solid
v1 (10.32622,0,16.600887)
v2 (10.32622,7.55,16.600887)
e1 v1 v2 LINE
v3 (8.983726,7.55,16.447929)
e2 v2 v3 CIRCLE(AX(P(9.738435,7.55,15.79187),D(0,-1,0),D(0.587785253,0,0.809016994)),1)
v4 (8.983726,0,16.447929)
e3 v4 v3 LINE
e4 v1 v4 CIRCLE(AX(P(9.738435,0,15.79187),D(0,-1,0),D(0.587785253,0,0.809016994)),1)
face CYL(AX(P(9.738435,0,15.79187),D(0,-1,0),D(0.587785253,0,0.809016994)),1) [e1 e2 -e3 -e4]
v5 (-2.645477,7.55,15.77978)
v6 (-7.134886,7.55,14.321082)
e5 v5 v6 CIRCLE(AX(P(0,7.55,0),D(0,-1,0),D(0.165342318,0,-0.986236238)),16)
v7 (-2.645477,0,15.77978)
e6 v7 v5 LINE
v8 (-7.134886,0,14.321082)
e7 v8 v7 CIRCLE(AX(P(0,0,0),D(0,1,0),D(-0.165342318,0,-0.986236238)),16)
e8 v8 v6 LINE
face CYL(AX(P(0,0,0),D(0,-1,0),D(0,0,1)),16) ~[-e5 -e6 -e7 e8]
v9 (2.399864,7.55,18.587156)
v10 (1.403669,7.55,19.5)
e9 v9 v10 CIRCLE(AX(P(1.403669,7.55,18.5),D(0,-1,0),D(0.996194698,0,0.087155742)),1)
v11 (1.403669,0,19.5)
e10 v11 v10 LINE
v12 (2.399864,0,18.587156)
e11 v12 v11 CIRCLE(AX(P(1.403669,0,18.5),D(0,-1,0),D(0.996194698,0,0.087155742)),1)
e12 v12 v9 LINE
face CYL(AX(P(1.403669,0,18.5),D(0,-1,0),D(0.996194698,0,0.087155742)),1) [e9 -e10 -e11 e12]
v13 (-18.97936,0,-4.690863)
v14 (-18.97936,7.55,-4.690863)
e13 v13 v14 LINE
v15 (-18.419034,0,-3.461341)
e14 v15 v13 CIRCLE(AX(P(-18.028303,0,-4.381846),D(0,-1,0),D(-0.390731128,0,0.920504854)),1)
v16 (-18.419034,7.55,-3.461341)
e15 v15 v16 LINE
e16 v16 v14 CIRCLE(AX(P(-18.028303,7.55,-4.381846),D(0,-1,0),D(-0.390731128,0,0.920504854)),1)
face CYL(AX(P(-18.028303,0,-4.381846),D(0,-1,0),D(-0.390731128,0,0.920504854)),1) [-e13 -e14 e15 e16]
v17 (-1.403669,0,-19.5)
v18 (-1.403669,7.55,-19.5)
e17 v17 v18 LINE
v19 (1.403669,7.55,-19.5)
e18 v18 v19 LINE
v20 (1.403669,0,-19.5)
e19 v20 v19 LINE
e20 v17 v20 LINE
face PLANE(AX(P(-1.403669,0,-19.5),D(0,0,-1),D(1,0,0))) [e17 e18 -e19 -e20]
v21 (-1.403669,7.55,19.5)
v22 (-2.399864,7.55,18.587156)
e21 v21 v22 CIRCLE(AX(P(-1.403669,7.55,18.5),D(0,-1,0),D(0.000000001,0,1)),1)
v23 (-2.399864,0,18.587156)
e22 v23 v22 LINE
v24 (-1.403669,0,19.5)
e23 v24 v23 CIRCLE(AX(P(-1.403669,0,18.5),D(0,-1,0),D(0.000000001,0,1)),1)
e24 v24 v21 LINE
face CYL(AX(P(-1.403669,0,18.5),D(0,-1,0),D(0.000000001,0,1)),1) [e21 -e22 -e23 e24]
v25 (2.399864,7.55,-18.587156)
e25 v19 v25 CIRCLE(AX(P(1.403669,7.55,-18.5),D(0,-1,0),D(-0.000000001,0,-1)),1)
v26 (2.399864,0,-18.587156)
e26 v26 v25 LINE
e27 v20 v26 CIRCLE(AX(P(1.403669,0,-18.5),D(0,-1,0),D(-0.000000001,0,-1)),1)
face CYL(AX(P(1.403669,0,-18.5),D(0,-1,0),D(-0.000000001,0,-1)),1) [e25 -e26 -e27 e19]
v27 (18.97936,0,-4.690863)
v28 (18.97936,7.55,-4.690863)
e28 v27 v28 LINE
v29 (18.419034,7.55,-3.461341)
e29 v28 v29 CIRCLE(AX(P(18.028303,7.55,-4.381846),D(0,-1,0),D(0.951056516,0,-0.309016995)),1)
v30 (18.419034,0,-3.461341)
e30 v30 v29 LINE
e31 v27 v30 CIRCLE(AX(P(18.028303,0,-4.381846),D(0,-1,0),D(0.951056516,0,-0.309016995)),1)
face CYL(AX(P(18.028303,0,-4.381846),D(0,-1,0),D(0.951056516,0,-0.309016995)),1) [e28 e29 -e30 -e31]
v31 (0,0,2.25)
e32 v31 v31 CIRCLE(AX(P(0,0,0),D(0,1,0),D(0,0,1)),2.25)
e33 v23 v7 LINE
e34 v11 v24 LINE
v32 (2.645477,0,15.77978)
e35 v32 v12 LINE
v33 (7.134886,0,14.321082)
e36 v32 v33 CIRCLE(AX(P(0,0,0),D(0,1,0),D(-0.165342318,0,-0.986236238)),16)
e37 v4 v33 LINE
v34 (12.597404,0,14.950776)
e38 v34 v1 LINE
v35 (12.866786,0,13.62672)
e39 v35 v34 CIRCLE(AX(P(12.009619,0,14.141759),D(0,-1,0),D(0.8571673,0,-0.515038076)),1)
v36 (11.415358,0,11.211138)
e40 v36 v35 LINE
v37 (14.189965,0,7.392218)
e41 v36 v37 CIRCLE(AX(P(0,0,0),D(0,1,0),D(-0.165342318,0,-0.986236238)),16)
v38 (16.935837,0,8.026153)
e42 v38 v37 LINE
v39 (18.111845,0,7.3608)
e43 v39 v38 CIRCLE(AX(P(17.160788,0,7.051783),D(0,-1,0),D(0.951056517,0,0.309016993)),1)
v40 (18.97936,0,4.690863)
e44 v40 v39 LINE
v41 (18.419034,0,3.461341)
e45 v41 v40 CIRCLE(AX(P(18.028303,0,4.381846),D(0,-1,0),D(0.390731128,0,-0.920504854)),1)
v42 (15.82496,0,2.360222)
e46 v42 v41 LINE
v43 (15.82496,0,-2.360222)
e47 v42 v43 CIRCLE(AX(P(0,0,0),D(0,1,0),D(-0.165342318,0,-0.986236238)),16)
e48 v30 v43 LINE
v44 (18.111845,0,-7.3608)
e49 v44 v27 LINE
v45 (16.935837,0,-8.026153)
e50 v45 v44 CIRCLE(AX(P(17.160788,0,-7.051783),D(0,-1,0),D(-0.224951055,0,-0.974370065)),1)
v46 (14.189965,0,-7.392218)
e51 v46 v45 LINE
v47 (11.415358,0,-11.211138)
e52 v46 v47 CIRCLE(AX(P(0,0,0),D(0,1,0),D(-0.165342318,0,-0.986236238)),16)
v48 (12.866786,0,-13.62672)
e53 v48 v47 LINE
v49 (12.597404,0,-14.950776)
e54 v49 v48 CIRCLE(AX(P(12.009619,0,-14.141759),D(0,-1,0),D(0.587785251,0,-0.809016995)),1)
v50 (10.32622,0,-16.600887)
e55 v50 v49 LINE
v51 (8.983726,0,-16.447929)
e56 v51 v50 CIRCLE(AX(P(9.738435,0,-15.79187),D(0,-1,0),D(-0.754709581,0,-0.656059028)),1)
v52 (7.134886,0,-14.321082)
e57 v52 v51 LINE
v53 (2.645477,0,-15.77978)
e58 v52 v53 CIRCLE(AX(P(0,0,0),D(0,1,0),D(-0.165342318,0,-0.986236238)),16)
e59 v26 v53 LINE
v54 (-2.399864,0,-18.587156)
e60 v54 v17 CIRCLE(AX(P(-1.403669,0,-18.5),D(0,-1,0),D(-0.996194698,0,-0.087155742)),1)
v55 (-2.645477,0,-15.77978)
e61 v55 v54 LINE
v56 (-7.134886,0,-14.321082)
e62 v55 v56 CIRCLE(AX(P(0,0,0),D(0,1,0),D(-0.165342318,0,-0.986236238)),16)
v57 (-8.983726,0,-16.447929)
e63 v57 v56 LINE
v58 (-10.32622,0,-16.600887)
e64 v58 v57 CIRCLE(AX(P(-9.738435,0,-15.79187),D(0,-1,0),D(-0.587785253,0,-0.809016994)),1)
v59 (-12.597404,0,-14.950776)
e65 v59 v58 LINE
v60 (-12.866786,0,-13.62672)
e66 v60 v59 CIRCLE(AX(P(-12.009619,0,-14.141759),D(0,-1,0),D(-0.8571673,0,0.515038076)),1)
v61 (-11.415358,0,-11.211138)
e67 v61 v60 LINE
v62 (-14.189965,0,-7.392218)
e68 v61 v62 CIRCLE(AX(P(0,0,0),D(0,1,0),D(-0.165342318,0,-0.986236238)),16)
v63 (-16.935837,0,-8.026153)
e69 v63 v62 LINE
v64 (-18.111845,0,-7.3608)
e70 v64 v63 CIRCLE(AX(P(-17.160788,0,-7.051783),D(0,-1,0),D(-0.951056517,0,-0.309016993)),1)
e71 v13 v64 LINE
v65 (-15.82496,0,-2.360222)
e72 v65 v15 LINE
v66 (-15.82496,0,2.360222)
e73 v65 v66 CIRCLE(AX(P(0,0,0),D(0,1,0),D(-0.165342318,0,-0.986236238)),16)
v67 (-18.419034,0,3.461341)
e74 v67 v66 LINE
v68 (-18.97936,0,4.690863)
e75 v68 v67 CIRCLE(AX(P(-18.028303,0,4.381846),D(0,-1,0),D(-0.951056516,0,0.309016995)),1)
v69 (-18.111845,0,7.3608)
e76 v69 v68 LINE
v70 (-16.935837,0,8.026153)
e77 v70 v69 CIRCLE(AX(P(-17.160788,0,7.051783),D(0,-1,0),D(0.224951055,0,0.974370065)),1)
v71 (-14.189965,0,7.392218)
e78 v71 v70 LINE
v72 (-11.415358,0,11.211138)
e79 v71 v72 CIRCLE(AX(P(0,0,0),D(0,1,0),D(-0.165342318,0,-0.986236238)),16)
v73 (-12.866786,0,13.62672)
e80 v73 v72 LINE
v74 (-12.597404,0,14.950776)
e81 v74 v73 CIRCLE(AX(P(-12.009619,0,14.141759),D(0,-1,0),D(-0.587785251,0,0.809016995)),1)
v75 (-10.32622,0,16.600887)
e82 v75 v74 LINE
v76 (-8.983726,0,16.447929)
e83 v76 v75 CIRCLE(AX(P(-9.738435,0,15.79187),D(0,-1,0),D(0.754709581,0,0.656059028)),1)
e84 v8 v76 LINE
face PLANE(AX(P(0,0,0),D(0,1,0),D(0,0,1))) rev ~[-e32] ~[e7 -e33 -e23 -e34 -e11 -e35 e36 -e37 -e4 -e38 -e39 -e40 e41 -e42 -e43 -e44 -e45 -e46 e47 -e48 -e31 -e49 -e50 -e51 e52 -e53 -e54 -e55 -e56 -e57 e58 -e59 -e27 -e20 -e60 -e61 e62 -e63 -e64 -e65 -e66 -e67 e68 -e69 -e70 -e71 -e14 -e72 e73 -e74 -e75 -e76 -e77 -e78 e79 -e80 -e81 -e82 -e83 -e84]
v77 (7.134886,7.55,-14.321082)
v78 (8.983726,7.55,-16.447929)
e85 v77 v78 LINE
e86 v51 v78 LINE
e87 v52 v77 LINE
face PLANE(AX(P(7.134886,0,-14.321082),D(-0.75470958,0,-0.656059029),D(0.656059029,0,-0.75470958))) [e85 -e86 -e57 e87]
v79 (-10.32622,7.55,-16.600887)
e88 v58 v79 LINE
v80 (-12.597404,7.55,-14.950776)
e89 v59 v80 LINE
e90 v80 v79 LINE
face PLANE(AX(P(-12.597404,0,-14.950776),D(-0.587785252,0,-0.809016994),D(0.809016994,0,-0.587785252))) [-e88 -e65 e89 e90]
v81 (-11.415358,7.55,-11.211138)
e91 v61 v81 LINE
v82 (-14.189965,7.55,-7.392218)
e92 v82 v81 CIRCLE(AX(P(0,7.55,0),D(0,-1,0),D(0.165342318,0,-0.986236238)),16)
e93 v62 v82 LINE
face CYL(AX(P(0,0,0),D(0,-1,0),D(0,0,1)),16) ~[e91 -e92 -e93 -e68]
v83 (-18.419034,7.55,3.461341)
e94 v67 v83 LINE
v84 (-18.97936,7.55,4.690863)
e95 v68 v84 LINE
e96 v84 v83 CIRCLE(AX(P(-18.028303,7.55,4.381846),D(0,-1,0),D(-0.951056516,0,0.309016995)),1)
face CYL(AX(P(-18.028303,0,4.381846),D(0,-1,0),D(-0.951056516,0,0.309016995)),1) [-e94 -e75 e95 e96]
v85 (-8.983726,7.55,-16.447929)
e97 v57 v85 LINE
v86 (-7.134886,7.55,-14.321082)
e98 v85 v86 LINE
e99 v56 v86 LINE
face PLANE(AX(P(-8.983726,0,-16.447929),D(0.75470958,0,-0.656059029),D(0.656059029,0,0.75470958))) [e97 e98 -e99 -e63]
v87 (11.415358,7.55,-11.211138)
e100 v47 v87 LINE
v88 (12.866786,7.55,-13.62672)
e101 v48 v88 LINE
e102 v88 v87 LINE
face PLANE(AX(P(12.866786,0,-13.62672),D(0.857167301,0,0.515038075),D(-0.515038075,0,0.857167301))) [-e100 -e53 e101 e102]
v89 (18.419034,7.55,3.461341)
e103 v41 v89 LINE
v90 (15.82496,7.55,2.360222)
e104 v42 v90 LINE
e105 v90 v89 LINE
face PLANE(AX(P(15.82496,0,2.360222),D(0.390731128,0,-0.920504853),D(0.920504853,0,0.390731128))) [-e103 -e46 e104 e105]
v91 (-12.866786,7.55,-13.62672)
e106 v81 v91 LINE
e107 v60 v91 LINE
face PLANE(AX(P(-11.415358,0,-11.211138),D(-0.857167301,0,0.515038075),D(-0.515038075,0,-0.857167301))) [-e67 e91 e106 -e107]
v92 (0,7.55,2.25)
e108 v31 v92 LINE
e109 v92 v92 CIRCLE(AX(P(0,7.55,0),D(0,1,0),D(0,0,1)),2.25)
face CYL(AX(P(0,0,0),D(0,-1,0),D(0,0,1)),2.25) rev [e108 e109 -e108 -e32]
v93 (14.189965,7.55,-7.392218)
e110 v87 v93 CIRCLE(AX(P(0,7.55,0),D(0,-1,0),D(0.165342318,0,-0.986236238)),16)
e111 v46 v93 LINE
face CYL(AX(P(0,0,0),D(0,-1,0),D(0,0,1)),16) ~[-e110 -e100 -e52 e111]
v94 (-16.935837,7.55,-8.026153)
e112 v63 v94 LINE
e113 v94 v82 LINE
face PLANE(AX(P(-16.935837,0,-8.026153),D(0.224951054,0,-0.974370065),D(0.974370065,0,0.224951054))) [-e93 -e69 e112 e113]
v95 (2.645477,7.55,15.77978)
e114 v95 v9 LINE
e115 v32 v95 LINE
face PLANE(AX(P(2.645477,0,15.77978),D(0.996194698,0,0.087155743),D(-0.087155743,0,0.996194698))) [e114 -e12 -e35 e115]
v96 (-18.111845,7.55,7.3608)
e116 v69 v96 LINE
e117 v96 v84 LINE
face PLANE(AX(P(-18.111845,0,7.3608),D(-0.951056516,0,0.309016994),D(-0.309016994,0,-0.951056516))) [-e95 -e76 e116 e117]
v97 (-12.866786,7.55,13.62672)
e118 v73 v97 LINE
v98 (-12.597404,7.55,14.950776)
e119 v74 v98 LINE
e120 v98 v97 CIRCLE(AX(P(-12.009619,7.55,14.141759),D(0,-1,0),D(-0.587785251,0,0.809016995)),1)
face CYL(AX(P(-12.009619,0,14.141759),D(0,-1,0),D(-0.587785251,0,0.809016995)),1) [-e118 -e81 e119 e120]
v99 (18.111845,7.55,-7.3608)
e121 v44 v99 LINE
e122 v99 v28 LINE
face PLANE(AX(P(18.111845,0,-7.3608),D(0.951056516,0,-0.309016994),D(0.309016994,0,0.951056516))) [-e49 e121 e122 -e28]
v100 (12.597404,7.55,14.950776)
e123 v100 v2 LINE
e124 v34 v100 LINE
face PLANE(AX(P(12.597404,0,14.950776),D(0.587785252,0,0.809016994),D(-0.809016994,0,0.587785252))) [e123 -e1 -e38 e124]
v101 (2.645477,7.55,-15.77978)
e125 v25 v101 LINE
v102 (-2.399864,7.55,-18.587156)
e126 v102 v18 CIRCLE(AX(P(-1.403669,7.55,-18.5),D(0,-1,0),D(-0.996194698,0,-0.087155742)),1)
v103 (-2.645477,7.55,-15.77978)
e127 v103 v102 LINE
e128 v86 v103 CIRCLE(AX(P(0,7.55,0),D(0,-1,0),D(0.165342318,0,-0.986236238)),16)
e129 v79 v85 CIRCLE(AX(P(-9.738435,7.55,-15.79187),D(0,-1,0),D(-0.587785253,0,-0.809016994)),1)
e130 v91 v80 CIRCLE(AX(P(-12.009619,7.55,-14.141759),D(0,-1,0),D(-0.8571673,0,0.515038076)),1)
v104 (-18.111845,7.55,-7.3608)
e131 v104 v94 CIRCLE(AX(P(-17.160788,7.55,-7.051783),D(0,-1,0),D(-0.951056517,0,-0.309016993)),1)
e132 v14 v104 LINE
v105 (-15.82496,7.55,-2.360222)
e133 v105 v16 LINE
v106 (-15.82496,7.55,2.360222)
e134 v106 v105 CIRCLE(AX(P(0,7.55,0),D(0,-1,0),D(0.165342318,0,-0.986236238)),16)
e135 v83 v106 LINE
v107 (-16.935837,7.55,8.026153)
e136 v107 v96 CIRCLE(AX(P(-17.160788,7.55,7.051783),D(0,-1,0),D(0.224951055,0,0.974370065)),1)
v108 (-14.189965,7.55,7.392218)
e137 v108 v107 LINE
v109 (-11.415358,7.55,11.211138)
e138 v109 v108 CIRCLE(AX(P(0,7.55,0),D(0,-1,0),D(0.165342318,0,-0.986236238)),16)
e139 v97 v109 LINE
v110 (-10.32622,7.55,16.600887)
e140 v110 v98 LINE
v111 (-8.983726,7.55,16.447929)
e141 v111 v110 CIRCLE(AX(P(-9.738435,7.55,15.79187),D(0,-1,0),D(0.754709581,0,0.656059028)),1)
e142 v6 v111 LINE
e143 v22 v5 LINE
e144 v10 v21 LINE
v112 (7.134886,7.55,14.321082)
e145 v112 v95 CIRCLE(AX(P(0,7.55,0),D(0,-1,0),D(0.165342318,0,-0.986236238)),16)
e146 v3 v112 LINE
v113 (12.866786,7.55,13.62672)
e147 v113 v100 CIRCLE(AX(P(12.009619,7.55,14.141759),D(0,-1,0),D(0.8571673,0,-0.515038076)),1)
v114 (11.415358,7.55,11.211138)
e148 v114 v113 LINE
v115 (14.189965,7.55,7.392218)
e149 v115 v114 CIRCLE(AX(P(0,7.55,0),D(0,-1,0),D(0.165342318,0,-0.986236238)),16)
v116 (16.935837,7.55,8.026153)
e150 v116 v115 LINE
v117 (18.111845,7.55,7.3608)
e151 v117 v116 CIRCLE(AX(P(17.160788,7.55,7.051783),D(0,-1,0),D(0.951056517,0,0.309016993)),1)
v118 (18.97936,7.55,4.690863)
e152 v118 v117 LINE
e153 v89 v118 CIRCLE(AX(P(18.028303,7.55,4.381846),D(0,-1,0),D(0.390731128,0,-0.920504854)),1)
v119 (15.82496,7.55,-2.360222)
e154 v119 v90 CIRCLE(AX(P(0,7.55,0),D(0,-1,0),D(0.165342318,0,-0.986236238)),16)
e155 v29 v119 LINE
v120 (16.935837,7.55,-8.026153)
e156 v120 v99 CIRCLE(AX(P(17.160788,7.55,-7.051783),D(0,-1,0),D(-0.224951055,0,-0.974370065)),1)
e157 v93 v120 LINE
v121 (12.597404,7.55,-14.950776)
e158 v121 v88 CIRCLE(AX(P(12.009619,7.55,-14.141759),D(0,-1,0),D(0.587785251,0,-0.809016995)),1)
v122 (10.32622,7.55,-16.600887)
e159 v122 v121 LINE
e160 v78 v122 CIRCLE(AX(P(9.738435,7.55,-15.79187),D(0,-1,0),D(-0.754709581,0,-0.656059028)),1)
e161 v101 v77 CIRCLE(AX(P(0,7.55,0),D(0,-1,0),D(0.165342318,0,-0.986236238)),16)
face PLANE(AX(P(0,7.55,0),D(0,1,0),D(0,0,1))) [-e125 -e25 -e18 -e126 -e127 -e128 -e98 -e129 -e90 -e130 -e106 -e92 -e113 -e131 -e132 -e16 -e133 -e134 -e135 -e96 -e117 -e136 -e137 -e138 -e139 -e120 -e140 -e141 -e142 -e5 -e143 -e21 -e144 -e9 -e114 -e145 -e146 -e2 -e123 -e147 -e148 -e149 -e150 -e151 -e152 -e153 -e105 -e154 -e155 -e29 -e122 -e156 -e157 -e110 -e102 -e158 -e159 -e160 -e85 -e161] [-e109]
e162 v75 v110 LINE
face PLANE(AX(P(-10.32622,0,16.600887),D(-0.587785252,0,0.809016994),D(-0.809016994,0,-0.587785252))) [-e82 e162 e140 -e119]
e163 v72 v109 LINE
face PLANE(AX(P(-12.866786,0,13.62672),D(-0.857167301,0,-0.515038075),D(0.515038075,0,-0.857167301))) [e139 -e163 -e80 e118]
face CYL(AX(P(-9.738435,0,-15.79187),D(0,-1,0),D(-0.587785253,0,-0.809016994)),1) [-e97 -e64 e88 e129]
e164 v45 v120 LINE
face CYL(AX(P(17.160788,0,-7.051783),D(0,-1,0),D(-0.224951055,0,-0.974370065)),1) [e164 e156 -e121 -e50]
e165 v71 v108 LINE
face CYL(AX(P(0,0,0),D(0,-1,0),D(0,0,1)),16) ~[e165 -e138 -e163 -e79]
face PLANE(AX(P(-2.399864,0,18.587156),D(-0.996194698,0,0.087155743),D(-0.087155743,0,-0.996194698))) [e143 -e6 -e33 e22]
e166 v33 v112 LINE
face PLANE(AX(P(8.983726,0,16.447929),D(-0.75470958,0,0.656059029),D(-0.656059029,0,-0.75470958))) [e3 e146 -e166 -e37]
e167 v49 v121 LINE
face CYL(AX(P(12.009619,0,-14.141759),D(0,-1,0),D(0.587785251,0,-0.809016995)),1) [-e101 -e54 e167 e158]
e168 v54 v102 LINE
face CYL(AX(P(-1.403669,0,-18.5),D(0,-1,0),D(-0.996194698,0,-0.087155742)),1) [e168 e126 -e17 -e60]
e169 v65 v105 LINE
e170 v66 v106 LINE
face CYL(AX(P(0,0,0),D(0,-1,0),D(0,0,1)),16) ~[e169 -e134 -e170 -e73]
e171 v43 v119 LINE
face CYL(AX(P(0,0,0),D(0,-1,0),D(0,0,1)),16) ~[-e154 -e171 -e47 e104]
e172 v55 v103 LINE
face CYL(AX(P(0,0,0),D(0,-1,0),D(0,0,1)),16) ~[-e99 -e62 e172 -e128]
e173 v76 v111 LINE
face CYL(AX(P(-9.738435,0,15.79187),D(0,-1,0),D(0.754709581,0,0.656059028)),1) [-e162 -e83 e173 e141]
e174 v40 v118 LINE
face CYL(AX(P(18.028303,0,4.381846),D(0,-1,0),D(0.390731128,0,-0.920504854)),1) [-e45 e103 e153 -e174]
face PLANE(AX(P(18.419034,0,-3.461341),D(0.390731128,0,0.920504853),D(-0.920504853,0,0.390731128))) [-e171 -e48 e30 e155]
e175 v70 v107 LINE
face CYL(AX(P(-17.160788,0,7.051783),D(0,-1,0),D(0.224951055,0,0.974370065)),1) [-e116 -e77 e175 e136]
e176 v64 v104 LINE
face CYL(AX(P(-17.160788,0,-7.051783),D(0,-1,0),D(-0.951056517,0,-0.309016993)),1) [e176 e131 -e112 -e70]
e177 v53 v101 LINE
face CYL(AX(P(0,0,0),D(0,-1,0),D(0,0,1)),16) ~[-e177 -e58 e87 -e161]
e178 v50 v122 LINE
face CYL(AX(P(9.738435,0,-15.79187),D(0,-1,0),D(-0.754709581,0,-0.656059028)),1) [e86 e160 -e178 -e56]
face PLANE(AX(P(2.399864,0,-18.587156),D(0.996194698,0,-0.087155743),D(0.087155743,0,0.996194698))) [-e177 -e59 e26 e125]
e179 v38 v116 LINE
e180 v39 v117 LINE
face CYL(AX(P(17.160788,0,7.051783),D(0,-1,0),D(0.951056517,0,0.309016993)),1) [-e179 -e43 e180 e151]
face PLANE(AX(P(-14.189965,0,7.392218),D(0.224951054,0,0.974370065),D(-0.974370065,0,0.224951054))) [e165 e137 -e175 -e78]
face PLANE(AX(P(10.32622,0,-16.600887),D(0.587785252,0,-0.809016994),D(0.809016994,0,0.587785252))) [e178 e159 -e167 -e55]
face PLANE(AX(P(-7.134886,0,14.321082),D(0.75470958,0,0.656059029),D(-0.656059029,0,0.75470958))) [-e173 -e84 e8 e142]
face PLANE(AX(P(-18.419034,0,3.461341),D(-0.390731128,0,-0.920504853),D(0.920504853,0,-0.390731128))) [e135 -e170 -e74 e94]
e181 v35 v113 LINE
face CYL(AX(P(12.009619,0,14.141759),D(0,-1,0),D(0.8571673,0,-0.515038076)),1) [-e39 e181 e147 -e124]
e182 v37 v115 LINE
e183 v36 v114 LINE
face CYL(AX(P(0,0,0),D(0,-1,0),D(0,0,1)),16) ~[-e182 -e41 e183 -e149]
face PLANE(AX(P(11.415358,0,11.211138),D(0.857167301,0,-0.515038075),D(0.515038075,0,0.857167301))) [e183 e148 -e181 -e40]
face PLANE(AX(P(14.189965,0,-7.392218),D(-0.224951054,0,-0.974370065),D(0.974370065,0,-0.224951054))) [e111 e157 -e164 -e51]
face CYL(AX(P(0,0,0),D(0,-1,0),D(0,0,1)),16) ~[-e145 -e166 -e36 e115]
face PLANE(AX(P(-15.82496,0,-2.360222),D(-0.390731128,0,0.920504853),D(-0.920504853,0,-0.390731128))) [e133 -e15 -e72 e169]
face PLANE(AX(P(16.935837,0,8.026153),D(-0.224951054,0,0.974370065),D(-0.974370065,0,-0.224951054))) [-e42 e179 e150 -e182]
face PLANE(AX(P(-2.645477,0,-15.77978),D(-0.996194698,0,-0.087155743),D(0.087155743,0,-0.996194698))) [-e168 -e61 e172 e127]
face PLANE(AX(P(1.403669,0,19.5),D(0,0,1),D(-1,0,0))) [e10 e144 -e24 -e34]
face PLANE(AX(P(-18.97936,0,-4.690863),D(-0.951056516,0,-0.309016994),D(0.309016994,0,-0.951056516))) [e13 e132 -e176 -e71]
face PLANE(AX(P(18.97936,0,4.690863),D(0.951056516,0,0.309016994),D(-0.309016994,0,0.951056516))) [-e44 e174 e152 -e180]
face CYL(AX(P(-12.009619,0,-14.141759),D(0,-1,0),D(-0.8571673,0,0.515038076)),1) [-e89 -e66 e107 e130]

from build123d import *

# Parameters (mm, degrees)
SKETCH1_R           = 16
SKETCH1_R_2         = 2.25
BOSS_EXTRUDE1_DEPTH = 7.55
BOSS_EXTRUDE2_START = -7.55
BOSS_EXTRUDE2_DEPTH = 7.55
CIRPATTERN1_COUNT   = 10


with BuildPart() as part:
    # Sketch1 → Boss-Extrude1 (new body)
    with BuildSketch(Plane(origin=(0, 0, 0), x_dir=(1, 0, 0), z_dir=(0, 1, 0))):
        with Locations(Location((0, 0, 0), (0, 0, 270))):
            Circle(SKETCH1_R)
        with Locations(Location((0, 0, 0), (0, 0, 270))):
            Circle(SKETCH1_R_2, mode=Mode.SUBTRACT)
    extrude(amount=BOSS_EXTRUDE1_DEPTH)

    # Sketch2 → Boss-Extrude2 (add)
    with BuildSketch(Plane(origin=(0, 7.55, 0), x_dir=(1, 0, 0), z_dir=(0, 1, 0)).offset(BOSS_EXTRUDE2_START)):
        with BuildLine():
            Line((-1.403668826, 19.5), (1.403668826, 19.5))
            ThreePointArc((1.403668826, 19.5), (2.079259034, 19.237277337), (2.399863524, 18.587155743))
            Line((2.399863524, 18.587155743), (2.645477092, 15.779779813))
            ThreePointArc((2.645477092, 15.779779813), (0, 16), (-2.645477092, 15.779779813))
            Line((-2.645477092, 15.779779813), (-2.399863524, 18.587155743))
            ThreePointArc((-2.399863524, 18.587155743), (-2.079259034, 19.237277337), (-1.403668826, 19.5))
        make_face()
    boss_extrude2 = extrude(amount=BOSS_EXTRUDE2_DEPTH)

    # CirPattern1: Boss-Extrude2 ×10 about axis
    cirpattern1_axis = Axis((0, 0, 0), (0, 1, 0))
    for i in range(1, CIRPATTERN1_COUNT):
        add(boss_extrude2.rotate(cirpattern1_axis, i * 360 / CIRPATTERN1_COUNT))


solid = part.part
